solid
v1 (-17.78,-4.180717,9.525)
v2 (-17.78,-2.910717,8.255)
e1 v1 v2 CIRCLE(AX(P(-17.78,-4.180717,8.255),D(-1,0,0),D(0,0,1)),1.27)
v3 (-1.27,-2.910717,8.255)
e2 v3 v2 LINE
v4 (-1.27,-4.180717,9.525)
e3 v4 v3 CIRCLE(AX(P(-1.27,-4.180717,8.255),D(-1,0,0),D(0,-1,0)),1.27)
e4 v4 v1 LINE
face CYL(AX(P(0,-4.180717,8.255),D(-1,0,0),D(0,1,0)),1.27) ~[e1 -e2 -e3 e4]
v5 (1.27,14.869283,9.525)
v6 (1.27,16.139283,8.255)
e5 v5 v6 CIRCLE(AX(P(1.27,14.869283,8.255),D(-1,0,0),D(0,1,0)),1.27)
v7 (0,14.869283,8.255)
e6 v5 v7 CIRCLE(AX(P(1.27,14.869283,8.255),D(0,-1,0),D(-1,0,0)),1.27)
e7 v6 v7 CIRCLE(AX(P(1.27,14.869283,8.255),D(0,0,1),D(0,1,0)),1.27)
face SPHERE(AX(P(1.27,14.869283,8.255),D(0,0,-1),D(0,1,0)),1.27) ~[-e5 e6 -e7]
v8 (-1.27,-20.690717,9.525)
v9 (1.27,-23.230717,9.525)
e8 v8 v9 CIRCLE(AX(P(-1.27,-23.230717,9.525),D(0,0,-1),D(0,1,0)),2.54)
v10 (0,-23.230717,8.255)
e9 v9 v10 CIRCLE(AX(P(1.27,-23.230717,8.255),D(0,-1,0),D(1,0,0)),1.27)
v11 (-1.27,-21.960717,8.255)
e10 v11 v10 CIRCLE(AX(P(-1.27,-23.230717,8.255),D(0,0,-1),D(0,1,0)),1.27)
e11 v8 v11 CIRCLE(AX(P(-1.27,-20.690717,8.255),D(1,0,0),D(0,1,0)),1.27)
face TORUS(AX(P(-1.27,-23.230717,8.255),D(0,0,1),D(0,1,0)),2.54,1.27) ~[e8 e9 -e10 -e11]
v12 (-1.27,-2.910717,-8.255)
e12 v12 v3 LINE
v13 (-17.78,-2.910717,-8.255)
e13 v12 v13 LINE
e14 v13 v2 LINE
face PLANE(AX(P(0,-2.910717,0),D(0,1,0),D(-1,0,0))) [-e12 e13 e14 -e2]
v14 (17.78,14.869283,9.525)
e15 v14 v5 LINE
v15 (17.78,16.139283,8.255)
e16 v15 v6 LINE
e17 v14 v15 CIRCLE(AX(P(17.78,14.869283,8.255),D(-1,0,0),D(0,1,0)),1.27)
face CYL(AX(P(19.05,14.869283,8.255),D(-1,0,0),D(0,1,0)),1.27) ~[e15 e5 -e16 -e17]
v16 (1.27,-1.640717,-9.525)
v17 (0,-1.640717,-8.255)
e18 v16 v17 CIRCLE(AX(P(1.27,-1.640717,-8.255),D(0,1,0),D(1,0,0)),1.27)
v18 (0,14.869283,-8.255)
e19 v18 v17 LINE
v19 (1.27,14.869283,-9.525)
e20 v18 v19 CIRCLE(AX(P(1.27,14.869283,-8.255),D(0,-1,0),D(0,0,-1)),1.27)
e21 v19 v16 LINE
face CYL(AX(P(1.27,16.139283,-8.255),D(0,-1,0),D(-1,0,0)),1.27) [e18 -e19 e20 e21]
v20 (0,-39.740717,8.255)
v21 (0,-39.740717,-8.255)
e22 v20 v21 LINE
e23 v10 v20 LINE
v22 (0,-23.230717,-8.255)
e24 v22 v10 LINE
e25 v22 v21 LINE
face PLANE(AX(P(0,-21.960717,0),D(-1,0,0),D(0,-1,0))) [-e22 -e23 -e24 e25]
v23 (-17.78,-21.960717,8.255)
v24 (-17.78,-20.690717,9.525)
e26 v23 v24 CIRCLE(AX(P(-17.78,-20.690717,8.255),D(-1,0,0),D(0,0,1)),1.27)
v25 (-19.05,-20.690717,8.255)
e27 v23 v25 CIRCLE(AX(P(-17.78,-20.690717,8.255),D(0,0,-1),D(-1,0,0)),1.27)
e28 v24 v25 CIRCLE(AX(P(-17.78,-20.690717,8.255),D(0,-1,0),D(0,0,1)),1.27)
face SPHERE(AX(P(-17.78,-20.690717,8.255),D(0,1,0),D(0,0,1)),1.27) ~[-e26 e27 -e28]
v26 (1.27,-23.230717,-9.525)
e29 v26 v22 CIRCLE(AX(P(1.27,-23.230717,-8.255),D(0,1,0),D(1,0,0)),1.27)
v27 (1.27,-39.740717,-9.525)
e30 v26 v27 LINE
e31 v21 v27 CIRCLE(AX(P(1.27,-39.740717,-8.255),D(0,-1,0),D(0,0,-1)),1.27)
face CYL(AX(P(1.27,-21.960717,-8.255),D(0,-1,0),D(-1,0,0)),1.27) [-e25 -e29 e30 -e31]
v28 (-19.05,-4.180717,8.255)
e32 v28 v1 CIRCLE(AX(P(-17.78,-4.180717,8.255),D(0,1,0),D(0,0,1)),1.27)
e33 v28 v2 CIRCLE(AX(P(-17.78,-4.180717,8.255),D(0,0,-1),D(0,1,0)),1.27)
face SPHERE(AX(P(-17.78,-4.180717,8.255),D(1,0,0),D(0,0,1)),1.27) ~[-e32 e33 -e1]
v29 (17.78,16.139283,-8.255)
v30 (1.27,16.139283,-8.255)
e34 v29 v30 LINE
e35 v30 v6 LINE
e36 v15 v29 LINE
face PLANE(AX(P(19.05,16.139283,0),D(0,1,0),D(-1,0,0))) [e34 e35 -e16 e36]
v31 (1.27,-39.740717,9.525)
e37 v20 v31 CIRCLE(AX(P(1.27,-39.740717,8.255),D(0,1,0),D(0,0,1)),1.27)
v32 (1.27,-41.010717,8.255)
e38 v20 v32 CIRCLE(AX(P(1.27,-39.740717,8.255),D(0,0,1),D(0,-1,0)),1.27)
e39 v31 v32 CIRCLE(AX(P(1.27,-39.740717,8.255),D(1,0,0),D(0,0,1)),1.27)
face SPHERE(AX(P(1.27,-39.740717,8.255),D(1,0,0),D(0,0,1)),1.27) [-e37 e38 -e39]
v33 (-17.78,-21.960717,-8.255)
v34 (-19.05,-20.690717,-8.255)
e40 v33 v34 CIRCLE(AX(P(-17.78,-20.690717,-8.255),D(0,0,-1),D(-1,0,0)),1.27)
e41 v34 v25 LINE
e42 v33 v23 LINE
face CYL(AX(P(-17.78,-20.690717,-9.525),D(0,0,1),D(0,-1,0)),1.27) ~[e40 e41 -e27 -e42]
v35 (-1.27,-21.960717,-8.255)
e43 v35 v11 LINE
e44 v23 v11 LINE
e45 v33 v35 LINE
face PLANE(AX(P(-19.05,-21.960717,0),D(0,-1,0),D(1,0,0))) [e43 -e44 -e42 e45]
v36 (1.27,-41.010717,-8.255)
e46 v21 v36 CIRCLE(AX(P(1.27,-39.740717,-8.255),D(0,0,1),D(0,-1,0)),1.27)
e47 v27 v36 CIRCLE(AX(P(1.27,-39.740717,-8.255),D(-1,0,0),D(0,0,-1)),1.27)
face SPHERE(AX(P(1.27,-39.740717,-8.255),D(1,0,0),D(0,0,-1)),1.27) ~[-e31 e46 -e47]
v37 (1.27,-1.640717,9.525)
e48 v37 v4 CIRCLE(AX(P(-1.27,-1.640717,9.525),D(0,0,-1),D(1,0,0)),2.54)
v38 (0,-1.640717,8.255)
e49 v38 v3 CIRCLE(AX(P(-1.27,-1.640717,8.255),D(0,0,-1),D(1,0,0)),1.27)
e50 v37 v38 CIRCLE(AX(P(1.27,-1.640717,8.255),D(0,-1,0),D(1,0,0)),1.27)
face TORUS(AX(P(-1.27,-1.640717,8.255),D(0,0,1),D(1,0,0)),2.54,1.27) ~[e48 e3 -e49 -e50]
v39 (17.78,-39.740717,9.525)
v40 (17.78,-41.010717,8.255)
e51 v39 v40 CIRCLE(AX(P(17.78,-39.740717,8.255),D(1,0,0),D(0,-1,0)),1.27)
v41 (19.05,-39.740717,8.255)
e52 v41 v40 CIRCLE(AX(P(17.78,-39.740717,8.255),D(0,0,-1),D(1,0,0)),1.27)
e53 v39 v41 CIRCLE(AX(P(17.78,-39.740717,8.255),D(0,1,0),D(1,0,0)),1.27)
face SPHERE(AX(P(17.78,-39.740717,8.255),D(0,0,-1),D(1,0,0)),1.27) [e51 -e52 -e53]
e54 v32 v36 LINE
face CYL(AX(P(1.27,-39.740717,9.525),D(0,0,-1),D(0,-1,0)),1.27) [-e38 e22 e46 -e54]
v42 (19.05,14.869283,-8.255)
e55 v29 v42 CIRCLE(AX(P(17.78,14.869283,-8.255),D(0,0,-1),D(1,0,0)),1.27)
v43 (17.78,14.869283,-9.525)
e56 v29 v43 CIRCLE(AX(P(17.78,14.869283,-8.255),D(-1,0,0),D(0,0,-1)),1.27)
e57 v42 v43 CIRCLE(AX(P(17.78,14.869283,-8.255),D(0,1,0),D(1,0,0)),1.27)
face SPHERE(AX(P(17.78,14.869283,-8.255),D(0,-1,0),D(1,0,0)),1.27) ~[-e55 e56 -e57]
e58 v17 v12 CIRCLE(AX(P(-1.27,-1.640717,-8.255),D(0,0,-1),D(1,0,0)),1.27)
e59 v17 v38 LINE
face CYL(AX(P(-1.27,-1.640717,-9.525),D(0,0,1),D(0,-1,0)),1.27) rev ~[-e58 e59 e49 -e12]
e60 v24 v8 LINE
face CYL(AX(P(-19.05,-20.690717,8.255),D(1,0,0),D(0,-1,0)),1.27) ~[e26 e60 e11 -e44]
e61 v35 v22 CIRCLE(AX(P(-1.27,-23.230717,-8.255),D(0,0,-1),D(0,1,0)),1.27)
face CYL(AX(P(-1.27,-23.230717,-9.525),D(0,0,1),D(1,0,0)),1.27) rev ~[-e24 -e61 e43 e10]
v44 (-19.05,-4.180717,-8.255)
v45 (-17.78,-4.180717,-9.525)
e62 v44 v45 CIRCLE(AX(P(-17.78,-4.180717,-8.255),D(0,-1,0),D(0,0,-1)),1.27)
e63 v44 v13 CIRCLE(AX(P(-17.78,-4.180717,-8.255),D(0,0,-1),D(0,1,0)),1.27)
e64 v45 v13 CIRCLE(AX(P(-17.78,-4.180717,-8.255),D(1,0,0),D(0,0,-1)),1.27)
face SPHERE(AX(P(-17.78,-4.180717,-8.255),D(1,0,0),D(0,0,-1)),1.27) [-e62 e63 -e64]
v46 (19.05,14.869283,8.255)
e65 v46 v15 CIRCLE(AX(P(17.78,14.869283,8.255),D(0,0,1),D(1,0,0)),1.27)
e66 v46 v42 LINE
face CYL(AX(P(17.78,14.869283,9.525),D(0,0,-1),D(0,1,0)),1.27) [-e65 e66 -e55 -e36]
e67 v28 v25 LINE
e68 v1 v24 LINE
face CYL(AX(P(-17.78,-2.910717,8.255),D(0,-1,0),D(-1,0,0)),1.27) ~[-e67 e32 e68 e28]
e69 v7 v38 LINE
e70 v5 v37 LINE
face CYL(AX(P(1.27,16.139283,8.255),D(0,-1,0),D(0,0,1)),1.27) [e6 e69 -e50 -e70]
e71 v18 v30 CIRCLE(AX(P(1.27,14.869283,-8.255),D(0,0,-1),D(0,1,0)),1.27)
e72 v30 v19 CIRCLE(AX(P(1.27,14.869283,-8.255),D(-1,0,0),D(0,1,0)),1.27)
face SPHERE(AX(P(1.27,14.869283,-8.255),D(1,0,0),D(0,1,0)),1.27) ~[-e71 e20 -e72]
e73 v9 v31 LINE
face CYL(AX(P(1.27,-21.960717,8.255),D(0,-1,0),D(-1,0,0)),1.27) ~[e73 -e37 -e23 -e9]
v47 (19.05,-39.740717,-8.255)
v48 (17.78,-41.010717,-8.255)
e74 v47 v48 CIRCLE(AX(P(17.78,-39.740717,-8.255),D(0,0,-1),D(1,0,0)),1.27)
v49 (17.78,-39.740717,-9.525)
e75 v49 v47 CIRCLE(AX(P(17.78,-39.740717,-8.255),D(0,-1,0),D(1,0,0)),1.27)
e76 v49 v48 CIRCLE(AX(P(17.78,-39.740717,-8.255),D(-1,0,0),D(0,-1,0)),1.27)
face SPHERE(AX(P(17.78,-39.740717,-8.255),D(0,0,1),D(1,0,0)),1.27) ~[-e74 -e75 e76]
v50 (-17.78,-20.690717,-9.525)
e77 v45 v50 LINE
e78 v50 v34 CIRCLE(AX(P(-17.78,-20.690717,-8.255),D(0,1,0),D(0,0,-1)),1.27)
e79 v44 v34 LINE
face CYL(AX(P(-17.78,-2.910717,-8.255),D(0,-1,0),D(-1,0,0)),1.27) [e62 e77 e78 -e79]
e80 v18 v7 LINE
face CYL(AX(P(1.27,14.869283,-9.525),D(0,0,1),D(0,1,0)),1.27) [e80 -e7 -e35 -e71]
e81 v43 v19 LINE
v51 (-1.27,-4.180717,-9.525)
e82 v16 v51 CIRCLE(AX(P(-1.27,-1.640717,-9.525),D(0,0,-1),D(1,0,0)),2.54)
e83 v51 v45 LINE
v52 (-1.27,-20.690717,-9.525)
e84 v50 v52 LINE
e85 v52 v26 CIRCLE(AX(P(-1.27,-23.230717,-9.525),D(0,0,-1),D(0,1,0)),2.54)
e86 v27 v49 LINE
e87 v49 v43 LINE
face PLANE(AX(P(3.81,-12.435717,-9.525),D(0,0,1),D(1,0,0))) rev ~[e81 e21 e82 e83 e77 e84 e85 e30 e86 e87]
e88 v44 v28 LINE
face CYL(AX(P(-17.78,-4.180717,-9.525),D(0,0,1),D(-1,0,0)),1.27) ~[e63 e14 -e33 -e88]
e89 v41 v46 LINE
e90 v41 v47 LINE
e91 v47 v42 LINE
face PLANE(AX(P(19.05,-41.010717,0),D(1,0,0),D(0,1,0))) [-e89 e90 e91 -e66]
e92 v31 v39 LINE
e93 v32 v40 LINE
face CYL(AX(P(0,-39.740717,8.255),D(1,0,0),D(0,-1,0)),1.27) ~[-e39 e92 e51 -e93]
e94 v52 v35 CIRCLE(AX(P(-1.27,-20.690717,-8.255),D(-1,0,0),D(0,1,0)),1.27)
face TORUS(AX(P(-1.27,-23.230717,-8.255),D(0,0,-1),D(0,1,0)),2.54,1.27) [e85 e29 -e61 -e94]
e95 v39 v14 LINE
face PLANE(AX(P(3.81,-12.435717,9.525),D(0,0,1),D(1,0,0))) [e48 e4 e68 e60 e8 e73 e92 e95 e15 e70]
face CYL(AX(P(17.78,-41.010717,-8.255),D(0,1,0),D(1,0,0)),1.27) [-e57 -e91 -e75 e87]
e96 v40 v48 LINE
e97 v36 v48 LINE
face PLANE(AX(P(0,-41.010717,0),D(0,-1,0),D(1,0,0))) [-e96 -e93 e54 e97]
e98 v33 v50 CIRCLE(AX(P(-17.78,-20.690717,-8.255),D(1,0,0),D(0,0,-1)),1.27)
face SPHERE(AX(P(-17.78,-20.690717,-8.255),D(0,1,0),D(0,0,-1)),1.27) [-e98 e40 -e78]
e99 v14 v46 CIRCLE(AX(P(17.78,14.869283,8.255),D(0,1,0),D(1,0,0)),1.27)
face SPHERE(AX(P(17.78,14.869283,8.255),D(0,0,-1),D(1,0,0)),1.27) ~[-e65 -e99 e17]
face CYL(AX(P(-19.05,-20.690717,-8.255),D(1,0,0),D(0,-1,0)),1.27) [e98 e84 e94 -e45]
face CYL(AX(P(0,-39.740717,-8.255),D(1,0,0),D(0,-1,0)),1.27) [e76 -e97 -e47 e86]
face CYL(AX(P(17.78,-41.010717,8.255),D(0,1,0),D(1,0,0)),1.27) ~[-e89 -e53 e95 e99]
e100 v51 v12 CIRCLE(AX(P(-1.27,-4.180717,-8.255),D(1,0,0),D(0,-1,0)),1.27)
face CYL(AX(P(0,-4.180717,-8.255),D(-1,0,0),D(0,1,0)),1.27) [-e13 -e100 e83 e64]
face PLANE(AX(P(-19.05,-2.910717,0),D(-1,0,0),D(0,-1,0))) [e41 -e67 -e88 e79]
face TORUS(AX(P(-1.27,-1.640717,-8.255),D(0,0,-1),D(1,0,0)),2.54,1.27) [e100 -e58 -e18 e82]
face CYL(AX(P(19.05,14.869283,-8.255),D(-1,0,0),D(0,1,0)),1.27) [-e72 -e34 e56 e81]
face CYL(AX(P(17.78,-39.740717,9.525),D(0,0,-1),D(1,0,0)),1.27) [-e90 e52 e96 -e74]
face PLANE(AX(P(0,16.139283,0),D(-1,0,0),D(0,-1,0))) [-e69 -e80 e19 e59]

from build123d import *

# Parameters (mm, degrees)
F1_DEPTH = 9.525
F2_R     = 1.27


with BuildPart() as f1:
    # F0 (on Top) → F1 (new body, symmetric)
    with BuildSketch(Plane.XY):
        Polygon((19.05, 16.139283), (0, 16.139283), (0, -2.910717), (-19.05, -2.910717), (-19.05, -21.960717), (0, -21.960717), (0, -41.010717), (19.05, -41.010717), align=None)
    extrude(amount=F1_DEPTH, both=True)

    # F2
    f2_edges = [f1.edges().sort_by_distance(p)[0] for p in [
        (19.05, -41.010717, 0),
        (19.05, -12.435717, -9.525),
        (19.05, 16.139283, 0),
        (19.05, -12.435717, 9.525),
        (9.525, 16.139283, -9.525),
        (0, 16.139283, 0),
        (9.525, 16.139283, 9.525),
        (9.525, -41.010717, 9.525),
        (0, 6.614283, 9.525),
        (-9.525, -2.910717, 9.525),
        (-19.05, -12.435717, 9.525),
        (-9.525, -21.960717, 9.525),
        (0, -31.485717, 9.525),
        (9.525, -41.010717, -9.525),
        (0, 6.614283, -9.525),
        (-9.525, -2.910717, -9.525),
        (-19.05, -12.435717, -9.525),
        (-9.525, -21.960717, -9.525),
        (0, -31.485717, -9.525),
        (-19.05, -2.910717, 0),
        (-19.05, -21.960717, 0),
        (0, -41.010717, 0),
        (0, -2.910717, 0),
        (0, -21.960717, 0),
    ]]
    fillet(f2_edges, radius=F2_R)


solid = f1.part
